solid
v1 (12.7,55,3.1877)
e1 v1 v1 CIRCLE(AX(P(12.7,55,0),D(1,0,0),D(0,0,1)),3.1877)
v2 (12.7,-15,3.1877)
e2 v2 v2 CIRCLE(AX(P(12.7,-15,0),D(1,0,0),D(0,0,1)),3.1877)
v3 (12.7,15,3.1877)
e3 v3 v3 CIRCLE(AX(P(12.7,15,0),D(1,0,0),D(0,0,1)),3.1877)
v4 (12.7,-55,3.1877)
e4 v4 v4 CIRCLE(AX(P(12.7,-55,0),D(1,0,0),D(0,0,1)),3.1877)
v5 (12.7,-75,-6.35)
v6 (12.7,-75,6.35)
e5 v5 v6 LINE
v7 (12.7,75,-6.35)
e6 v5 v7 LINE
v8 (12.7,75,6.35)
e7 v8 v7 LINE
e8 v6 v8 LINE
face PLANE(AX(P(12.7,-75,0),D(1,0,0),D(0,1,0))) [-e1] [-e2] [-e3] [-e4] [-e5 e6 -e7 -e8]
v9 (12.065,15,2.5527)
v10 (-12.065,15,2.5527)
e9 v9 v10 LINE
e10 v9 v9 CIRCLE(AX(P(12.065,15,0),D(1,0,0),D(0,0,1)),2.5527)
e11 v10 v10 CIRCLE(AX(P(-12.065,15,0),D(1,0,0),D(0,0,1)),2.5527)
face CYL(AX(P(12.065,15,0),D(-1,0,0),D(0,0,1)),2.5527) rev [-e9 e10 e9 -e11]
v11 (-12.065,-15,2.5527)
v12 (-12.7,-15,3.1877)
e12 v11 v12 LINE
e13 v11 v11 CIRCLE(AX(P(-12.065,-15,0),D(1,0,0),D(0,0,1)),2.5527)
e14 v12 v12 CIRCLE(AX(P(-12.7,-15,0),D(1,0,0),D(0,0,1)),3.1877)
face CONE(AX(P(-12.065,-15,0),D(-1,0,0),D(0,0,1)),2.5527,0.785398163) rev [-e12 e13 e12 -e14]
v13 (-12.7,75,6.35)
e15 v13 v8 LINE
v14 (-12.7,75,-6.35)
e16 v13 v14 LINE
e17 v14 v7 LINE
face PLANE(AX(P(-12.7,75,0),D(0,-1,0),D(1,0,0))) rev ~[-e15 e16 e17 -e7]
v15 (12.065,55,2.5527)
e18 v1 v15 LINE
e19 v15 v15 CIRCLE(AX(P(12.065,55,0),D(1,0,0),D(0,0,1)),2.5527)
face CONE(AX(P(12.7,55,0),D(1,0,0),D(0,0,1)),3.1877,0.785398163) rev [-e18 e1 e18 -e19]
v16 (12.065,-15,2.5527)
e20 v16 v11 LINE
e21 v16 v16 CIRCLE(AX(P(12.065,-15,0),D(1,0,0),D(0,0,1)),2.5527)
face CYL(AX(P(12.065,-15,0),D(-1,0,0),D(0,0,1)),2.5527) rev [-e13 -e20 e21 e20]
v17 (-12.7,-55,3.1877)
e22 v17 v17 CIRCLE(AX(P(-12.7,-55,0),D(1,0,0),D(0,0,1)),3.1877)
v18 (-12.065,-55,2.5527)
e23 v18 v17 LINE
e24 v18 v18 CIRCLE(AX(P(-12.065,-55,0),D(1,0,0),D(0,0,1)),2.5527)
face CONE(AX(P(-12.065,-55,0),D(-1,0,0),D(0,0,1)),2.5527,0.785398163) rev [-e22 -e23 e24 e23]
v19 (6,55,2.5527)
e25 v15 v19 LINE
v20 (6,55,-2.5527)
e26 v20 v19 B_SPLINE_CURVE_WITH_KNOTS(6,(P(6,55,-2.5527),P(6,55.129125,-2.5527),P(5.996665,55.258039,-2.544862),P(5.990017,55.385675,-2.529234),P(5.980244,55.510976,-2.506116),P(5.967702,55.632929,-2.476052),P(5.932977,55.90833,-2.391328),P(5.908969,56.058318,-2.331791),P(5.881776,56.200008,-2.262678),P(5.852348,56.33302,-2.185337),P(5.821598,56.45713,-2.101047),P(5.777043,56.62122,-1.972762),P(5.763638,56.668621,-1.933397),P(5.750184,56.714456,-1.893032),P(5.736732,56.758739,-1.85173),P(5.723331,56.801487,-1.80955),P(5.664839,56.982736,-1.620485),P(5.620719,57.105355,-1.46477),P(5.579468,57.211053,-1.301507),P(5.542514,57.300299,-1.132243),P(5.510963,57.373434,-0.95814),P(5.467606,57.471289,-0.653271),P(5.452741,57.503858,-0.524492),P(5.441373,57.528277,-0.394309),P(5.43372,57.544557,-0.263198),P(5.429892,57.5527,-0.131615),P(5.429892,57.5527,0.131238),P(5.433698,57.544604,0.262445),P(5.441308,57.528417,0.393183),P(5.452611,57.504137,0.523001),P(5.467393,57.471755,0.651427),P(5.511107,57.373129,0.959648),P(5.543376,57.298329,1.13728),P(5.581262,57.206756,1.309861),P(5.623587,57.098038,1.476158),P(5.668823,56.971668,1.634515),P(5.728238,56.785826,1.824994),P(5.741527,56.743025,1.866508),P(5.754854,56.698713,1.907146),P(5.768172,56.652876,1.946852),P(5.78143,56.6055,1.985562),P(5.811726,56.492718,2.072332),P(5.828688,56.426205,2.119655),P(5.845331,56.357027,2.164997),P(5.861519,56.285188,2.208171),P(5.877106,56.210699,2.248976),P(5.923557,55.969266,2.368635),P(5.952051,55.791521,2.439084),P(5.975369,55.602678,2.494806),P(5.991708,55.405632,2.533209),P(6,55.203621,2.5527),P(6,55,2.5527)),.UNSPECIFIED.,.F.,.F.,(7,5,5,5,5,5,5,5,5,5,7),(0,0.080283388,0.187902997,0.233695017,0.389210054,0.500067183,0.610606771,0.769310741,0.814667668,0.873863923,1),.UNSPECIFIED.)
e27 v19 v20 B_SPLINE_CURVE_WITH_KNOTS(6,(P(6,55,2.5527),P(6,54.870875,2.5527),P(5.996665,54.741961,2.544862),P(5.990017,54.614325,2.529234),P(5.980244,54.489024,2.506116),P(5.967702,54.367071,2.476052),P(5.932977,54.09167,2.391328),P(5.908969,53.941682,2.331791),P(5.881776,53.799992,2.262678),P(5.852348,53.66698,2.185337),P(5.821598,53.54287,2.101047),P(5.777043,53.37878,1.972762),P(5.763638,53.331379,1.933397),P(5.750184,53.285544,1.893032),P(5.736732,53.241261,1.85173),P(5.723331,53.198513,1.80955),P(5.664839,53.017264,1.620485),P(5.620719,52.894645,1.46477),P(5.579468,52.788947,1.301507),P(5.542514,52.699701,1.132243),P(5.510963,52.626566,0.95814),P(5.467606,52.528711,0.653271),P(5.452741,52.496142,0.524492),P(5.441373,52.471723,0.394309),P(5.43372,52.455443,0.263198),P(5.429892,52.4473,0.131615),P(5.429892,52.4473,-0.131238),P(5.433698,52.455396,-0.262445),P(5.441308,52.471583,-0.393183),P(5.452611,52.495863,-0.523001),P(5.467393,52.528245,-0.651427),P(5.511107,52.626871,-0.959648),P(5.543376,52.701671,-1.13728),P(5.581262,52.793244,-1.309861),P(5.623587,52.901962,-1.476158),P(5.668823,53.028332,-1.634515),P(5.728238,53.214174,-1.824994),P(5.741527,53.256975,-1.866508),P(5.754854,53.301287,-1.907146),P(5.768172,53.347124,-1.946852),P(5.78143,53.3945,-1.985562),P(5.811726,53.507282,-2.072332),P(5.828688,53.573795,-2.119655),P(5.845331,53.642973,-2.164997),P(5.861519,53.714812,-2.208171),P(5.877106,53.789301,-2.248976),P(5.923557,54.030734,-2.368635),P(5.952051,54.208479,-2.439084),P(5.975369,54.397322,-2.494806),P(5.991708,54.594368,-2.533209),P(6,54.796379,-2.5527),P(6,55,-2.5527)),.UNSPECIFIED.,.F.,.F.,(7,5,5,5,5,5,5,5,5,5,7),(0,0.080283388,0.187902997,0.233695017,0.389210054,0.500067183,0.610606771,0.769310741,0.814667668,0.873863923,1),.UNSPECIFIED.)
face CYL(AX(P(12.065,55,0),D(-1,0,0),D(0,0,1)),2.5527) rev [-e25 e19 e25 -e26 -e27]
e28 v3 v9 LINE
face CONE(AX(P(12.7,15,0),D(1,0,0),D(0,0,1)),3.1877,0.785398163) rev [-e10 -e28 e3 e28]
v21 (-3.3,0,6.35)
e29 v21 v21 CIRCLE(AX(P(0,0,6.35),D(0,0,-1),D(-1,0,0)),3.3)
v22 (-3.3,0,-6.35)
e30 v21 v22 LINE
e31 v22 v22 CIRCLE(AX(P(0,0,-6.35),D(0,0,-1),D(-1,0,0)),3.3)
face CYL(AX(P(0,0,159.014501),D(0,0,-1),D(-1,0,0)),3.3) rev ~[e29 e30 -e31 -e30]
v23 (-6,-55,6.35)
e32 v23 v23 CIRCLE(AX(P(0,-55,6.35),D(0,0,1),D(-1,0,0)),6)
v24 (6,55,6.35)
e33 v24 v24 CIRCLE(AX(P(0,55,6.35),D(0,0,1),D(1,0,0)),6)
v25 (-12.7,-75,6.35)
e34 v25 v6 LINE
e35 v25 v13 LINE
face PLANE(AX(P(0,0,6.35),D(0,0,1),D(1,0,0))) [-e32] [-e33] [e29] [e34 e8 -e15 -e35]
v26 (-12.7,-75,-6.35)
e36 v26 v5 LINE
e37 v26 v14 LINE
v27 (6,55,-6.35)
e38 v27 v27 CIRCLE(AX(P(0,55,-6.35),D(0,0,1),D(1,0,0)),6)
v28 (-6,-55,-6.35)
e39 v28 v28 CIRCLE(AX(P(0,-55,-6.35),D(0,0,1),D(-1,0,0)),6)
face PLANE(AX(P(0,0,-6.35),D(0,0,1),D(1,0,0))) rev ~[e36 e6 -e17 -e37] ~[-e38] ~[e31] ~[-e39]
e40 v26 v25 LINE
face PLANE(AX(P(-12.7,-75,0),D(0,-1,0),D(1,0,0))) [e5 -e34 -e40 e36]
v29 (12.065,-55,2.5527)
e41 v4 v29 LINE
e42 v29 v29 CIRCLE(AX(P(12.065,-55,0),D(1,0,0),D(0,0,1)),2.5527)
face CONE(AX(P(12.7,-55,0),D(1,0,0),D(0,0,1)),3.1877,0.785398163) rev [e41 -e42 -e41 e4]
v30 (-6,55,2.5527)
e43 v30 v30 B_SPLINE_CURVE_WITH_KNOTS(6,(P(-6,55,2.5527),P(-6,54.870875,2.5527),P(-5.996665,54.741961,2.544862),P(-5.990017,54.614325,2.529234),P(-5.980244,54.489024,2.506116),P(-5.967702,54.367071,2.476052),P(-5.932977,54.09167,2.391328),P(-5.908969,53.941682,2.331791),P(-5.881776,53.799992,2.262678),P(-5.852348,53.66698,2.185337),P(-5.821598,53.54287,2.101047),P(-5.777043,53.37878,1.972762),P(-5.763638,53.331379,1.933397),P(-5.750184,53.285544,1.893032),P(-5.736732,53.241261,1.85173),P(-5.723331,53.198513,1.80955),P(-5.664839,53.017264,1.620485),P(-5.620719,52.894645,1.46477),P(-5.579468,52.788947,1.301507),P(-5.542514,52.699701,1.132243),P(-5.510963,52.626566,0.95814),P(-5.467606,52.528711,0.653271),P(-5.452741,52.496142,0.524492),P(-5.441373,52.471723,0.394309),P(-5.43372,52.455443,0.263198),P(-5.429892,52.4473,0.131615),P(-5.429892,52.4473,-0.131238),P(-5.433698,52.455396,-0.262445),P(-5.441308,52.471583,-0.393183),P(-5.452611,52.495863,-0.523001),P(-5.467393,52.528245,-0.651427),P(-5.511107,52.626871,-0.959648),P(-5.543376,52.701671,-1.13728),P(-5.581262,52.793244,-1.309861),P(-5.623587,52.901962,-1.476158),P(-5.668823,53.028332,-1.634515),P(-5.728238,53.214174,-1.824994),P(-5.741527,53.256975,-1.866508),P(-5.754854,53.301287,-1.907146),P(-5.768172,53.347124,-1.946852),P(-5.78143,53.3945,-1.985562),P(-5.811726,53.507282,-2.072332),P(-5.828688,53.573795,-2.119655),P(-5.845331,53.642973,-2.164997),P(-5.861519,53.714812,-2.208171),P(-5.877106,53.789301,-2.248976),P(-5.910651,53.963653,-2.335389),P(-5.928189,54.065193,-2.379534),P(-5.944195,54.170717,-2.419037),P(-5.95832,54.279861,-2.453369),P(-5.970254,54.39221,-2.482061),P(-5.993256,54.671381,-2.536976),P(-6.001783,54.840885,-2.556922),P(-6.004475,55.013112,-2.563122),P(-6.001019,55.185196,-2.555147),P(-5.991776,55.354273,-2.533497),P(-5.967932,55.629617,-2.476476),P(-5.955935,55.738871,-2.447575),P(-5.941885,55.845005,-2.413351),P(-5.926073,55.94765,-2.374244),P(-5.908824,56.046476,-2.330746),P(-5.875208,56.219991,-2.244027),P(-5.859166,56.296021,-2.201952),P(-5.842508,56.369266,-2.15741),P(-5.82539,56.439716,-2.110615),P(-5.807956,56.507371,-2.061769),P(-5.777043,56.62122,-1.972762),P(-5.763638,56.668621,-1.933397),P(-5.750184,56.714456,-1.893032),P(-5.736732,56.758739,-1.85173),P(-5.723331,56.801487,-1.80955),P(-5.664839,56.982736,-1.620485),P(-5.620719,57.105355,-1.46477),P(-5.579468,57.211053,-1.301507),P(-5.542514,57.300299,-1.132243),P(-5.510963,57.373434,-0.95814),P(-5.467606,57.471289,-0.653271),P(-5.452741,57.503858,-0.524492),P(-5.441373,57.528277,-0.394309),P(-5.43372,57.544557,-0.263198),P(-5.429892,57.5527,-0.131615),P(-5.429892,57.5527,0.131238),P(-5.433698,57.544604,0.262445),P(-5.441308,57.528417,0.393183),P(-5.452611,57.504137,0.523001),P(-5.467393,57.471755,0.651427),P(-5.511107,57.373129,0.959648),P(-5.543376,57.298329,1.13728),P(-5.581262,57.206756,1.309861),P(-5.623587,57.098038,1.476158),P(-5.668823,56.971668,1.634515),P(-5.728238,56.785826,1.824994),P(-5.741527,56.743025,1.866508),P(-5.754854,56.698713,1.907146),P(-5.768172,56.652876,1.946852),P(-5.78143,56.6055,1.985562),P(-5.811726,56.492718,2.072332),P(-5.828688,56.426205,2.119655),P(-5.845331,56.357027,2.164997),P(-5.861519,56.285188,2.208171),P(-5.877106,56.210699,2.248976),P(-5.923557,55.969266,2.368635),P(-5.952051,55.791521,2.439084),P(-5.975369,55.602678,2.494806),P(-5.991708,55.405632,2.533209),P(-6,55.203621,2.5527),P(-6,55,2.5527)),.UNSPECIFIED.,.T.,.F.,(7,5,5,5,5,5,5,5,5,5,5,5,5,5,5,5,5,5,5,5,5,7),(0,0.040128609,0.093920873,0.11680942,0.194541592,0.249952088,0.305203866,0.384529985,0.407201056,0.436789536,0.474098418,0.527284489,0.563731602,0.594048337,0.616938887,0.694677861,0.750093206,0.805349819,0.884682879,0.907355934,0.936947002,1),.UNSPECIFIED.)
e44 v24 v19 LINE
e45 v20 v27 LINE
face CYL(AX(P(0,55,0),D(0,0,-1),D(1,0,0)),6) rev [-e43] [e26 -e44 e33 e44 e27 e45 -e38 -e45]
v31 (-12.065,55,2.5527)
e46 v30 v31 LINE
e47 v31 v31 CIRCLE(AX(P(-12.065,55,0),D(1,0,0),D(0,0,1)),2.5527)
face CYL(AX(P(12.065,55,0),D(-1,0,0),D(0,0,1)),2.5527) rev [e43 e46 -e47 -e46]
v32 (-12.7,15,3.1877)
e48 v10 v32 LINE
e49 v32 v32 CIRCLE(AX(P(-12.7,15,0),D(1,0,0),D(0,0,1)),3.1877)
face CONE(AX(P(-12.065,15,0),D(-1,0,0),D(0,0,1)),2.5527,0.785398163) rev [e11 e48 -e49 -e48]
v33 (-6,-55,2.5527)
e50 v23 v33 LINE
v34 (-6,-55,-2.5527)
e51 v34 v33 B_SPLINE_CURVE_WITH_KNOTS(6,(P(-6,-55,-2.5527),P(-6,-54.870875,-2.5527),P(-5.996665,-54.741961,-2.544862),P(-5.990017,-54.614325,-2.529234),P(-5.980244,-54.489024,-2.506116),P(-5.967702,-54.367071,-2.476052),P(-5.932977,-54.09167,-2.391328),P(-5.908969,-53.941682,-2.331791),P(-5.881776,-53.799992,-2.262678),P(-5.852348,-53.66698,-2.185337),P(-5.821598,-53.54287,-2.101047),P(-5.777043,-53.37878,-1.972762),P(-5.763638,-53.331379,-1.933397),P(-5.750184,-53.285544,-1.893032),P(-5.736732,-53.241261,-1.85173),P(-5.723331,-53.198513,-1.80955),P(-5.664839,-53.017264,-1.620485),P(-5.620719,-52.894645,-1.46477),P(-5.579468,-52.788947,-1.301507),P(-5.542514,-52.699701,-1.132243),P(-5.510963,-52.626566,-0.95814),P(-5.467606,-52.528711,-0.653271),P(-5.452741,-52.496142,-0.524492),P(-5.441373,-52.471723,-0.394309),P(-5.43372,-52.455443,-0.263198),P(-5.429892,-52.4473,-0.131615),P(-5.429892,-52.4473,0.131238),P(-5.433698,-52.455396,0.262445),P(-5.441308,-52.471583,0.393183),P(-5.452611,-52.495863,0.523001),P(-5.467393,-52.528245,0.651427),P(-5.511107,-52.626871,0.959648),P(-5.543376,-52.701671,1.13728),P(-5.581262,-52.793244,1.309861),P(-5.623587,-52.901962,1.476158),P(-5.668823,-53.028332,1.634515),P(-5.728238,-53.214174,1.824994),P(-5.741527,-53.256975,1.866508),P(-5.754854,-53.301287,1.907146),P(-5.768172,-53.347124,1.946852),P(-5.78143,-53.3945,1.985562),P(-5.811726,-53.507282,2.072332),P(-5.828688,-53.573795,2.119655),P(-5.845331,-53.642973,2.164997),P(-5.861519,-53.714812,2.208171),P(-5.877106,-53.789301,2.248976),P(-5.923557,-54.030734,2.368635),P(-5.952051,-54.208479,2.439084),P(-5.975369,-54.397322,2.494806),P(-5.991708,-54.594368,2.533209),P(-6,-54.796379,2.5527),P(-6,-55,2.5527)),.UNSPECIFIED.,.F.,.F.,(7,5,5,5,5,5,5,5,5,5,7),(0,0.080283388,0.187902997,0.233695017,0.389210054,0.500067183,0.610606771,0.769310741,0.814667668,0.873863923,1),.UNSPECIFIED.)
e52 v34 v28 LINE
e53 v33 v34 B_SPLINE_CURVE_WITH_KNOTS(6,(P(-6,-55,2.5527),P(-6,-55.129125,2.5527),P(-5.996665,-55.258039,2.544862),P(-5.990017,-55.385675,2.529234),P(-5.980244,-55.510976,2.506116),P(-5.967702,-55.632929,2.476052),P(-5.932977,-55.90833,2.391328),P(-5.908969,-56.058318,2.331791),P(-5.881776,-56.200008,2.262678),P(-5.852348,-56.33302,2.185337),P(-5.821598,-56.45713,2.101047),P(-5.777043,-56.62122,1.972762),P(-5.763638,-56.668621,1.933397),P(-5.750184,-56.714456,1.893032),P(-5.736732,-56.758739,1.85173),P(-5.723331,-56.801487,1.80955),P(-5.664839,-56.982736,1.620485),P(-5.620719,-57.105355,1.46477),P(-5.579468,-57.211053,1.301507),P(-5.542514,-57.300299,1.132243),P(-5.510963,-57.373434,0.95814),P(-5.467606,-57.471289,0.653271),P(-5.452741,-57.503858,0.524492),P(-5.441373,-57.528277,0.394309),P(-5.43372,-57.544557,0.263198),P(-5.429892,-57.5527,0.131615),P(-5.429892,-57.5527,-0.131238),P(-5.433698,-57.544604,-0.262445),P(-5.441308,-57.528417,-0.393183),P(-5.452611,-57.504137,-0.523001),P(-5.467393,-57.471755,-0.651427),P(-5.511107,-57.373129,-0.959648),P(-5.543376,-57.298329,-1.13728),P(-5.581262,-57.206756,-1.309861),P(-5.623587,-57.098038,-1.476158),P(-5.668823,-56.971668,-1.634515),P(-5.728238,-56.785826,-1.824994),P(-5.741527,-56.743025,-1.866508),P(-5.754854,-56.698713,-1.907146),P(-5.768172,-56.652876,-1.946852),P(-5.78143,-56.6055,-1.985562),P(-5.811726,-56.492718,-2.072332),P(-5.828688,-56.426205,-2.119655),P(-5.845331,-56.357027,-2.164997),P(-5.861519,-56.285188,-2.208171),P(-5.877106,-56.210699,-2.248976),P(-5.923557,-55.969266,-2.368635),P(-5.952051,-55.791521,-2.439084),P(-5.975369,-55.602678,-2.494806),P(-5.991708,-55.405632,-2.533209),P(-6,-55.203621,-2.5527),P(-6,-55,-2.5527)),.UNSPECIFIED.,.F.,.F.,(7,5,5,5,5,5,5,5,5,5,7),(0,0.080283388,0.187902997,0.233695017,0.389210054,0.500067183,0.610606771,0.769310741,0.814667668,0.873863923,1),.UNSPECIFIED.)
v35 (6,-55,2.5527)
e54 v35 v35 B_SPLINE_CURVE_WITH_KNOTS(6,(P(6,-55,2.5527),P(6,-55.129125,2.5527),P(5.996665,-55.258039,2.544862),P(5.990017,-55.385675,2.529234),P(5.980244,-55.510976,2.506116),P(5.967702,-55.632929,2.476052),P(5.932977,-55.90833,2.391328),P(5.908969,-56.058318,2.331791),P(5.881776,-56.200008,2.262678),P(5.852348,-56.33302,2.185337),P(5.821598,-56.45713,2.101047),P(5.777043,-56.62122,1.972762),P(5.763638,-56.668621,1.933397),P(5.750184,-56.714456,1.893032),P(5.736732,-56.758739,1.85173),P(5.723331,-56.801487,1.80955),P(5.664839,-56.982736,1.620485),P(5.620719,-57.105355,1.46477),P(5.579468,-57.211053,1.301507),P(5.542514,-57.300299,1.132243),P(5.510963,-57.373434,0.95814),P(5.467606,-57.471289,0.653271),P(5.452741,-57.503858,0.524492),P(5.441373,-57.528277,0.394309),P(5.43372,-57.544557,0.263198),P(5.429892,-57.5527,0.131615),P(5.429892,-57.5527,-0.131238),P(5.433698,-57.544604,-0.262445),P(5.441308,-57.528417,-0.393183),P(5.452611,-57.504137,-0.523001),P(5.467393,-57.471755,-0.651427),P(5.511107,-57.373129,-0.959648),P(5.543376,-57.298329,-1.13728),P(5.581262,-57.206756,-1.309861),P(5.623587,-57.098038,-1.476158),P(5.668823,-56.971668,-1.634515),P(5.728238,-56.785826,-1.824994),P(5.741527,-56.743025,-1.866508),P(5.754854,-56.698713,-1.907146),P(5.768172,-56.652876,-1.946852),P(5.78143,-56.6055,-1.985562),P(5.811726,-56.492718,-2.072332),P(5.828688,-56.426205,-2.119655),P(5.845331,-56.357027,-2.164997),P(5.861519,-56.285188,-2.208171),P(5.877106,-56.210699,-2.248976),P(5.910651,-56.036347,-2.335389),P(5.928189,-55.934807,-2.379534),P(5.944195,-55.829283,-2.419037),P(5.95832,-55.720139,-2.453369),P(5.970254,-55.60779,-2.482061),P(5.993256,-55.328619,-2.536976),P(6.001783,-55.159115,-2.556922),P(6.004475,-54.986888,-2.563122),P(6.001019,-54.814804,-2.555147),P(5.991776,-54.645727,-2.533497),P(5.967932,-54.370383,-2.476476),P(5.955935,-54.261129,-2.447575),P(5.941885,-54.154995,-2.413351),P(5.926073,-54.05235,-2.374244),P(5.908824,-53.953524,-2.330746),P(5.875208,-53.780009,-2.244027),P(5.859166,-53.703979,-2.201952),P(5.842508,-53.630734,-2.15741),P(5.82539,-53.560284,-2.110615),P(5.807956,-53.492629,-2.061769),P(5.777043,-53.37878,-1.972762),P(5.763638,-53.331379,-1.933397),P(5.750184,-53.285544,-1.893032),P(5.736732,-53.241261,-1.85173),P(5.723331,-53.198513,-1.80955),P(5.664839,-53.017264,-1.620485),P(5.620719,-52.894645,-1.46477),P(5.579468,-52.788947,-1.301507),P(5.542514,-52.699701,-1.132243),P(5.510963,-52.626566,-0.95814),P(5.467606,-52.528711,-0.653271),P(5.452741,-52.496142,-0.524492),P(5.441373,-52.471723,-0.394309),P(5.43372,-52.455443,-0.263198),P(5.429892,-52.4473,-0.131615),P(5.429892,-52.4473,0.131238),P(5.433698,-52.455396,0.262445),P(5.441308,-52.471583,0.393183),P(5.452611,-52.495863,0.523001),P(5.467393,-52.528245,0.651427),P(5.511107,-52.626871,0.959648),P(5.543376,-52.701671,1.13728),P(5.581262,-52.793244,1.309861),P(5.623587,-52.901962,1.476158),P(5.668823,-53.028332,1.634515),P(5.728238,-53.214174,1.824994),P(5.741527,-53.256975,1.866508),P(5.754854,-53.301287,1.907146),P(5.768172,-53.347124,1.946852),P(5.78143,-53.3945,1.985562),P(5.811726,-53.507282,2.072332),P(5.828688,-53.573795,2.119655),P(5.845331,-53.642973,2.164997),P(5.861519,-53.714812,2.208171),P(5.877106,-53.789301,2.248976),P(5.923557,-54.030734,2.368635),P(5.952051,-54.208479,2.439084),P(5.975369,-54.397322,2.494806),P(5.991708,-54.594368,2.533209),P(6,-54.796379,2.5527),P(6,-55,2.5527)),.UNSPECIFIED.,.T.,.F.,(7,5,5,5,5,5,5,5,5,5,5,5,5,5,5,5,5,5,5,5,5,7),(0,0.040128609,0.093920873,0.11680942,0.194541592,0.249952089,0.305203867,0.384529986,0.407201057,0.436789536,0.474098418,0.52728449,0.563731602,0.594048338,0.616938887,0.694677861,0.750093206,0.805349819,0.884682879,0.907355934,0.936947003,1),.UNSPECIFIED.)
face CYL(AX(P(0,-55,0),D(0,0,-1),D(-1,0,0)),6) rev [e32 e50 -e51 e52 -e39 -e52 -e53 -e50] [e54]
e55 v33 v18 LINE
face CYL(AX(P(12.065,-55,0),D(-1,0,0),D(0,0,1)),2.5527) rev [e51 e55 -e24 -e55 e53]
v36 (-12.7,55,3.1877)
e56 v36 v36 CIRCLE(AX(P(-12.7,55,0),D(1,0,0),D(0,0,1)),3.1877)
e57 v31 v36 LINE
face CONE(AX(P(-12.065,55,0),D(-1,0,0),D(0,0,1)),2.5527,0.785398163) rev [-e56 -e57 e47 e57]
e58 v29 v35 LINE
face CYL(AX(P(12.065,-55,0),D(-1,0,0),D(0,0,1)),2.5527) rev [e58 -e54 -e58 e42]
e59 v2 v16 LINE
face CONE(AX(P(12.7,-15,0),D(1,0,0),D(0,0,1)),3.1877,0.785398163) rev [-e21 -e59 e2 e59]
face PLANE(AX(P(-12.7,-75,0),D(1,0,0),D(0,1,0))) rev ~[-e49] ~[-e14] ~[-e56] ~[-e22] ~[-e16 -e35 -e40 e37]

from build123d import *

# Parameters (mm, degrees)
CROQUIS1_W                         = 25.4
CROQUIS1_H                         = 150
CROQUIS1_R                         = 6
SALIENTE_EXTRUIR1_DEPTH            = 6.35
TALADRO_ROSCADO_1_4_201_AT_2_COUNT = 2
TALADRO_ROSCADO_1_4_201_AT_2_PITCH = 30
TALADRO_ROSCADO_1_4_202_AT_2_COUNT = 2
TALADRO_ROSCADO_1_4_202_AT_2_PITCH = 110
TALADRO_DE_MARGEN_PARA_1_D         = 6.6


with BuildPart() as part:
    # Croquis1 → Saliente-Extruir1 (new, symmetric)
    with BuildSketch(Plane.XY):
        Rectangle(CROQUIS1_W, CROQUIS1_H)
        with Locations((0, 55)):
            Circle(CROQUIS1_R, mode=Mode.SUBTRACT)
        with Locations(Location((0, -55, 0), (0, 0, 180))):
            Circle(CROQUIS1_R, mode=Mode.SUBTRACT)
    extrude(amount=SALIENTE_EXTRUIR1_DEPTH, both=True)

    # Croquis3 → Taladro roscado 1/4-201 (revolve, cut)
    with BuildSketch(Plane(origin=(-12.7, -15, 0), x_dir=(0, 0, 1), z_dir=(0, 1, 0))):
        Polygon((0, 0), (0, 25.4), (3.1877, 25.4), (2.5527, 24.765), (2.5527, 0.635), (3.1877, 0), align=None)
    taladro_roscado_1_4_201 = revolve(axis=Axis((-19.05, -15, 0), (1, 0, 0)), mode=Mode.SUBTRACT)

    # Taladro roscado 1/4-201 at 2: Taladro roscado 1/4-201 ×2
    with Locations(*[(0, i * TALADRO_ROSCADO_1_4_201_AT_2_PITCH, 0) for i in range(1, TALADRO_ROSCADO_1_4_201_AT_2_COUNT)]):
        add(taladro_roscado_1_4_201, mode=Mode.SUBTRACT)

    # Croquis7 → Taladro roscado 1/4-202 (revolve, cut)
    with BuildSketch(Plane(origin=(-12.7, 55, 0), x_dir=(0, 0, 1), z_dir=(0, 1, 0))):
        Polygon((0, 0), (0, 25.4), (3.1877, 25.4), (2.5527, 24.765), (2.5527, 0.635), (3.1877, 0), align=None)
    taladro_roscado_1_4_202 = revolve(axis=Axis((-19.05, 55, 0), (1, 0, 0)), mode=Mode.SUBTRACT)

    # Taladro roscado 1/4-202 at 2: Taladro roscado 1/4-202 ×2
    with Locations(*[(0, -i * TALADRO_ROSCADO_1_4_202_AT_2_PITCH, 0) for i in range(1, TALADRO_ROSCADO_1_4_202_AT_2_COUNT)]):
        add(taladro_roscado_1_4_202, mode=Mode.SUBTRACT)

    # Taladro de margen para 1 (through all)
    with Locations(Plane.XY.offset(6.35)):
        with Locations((0, 0)):
            Hole(TALADRO_DE_MARGEN_PARA_1_D / 2)


solid = part.part
